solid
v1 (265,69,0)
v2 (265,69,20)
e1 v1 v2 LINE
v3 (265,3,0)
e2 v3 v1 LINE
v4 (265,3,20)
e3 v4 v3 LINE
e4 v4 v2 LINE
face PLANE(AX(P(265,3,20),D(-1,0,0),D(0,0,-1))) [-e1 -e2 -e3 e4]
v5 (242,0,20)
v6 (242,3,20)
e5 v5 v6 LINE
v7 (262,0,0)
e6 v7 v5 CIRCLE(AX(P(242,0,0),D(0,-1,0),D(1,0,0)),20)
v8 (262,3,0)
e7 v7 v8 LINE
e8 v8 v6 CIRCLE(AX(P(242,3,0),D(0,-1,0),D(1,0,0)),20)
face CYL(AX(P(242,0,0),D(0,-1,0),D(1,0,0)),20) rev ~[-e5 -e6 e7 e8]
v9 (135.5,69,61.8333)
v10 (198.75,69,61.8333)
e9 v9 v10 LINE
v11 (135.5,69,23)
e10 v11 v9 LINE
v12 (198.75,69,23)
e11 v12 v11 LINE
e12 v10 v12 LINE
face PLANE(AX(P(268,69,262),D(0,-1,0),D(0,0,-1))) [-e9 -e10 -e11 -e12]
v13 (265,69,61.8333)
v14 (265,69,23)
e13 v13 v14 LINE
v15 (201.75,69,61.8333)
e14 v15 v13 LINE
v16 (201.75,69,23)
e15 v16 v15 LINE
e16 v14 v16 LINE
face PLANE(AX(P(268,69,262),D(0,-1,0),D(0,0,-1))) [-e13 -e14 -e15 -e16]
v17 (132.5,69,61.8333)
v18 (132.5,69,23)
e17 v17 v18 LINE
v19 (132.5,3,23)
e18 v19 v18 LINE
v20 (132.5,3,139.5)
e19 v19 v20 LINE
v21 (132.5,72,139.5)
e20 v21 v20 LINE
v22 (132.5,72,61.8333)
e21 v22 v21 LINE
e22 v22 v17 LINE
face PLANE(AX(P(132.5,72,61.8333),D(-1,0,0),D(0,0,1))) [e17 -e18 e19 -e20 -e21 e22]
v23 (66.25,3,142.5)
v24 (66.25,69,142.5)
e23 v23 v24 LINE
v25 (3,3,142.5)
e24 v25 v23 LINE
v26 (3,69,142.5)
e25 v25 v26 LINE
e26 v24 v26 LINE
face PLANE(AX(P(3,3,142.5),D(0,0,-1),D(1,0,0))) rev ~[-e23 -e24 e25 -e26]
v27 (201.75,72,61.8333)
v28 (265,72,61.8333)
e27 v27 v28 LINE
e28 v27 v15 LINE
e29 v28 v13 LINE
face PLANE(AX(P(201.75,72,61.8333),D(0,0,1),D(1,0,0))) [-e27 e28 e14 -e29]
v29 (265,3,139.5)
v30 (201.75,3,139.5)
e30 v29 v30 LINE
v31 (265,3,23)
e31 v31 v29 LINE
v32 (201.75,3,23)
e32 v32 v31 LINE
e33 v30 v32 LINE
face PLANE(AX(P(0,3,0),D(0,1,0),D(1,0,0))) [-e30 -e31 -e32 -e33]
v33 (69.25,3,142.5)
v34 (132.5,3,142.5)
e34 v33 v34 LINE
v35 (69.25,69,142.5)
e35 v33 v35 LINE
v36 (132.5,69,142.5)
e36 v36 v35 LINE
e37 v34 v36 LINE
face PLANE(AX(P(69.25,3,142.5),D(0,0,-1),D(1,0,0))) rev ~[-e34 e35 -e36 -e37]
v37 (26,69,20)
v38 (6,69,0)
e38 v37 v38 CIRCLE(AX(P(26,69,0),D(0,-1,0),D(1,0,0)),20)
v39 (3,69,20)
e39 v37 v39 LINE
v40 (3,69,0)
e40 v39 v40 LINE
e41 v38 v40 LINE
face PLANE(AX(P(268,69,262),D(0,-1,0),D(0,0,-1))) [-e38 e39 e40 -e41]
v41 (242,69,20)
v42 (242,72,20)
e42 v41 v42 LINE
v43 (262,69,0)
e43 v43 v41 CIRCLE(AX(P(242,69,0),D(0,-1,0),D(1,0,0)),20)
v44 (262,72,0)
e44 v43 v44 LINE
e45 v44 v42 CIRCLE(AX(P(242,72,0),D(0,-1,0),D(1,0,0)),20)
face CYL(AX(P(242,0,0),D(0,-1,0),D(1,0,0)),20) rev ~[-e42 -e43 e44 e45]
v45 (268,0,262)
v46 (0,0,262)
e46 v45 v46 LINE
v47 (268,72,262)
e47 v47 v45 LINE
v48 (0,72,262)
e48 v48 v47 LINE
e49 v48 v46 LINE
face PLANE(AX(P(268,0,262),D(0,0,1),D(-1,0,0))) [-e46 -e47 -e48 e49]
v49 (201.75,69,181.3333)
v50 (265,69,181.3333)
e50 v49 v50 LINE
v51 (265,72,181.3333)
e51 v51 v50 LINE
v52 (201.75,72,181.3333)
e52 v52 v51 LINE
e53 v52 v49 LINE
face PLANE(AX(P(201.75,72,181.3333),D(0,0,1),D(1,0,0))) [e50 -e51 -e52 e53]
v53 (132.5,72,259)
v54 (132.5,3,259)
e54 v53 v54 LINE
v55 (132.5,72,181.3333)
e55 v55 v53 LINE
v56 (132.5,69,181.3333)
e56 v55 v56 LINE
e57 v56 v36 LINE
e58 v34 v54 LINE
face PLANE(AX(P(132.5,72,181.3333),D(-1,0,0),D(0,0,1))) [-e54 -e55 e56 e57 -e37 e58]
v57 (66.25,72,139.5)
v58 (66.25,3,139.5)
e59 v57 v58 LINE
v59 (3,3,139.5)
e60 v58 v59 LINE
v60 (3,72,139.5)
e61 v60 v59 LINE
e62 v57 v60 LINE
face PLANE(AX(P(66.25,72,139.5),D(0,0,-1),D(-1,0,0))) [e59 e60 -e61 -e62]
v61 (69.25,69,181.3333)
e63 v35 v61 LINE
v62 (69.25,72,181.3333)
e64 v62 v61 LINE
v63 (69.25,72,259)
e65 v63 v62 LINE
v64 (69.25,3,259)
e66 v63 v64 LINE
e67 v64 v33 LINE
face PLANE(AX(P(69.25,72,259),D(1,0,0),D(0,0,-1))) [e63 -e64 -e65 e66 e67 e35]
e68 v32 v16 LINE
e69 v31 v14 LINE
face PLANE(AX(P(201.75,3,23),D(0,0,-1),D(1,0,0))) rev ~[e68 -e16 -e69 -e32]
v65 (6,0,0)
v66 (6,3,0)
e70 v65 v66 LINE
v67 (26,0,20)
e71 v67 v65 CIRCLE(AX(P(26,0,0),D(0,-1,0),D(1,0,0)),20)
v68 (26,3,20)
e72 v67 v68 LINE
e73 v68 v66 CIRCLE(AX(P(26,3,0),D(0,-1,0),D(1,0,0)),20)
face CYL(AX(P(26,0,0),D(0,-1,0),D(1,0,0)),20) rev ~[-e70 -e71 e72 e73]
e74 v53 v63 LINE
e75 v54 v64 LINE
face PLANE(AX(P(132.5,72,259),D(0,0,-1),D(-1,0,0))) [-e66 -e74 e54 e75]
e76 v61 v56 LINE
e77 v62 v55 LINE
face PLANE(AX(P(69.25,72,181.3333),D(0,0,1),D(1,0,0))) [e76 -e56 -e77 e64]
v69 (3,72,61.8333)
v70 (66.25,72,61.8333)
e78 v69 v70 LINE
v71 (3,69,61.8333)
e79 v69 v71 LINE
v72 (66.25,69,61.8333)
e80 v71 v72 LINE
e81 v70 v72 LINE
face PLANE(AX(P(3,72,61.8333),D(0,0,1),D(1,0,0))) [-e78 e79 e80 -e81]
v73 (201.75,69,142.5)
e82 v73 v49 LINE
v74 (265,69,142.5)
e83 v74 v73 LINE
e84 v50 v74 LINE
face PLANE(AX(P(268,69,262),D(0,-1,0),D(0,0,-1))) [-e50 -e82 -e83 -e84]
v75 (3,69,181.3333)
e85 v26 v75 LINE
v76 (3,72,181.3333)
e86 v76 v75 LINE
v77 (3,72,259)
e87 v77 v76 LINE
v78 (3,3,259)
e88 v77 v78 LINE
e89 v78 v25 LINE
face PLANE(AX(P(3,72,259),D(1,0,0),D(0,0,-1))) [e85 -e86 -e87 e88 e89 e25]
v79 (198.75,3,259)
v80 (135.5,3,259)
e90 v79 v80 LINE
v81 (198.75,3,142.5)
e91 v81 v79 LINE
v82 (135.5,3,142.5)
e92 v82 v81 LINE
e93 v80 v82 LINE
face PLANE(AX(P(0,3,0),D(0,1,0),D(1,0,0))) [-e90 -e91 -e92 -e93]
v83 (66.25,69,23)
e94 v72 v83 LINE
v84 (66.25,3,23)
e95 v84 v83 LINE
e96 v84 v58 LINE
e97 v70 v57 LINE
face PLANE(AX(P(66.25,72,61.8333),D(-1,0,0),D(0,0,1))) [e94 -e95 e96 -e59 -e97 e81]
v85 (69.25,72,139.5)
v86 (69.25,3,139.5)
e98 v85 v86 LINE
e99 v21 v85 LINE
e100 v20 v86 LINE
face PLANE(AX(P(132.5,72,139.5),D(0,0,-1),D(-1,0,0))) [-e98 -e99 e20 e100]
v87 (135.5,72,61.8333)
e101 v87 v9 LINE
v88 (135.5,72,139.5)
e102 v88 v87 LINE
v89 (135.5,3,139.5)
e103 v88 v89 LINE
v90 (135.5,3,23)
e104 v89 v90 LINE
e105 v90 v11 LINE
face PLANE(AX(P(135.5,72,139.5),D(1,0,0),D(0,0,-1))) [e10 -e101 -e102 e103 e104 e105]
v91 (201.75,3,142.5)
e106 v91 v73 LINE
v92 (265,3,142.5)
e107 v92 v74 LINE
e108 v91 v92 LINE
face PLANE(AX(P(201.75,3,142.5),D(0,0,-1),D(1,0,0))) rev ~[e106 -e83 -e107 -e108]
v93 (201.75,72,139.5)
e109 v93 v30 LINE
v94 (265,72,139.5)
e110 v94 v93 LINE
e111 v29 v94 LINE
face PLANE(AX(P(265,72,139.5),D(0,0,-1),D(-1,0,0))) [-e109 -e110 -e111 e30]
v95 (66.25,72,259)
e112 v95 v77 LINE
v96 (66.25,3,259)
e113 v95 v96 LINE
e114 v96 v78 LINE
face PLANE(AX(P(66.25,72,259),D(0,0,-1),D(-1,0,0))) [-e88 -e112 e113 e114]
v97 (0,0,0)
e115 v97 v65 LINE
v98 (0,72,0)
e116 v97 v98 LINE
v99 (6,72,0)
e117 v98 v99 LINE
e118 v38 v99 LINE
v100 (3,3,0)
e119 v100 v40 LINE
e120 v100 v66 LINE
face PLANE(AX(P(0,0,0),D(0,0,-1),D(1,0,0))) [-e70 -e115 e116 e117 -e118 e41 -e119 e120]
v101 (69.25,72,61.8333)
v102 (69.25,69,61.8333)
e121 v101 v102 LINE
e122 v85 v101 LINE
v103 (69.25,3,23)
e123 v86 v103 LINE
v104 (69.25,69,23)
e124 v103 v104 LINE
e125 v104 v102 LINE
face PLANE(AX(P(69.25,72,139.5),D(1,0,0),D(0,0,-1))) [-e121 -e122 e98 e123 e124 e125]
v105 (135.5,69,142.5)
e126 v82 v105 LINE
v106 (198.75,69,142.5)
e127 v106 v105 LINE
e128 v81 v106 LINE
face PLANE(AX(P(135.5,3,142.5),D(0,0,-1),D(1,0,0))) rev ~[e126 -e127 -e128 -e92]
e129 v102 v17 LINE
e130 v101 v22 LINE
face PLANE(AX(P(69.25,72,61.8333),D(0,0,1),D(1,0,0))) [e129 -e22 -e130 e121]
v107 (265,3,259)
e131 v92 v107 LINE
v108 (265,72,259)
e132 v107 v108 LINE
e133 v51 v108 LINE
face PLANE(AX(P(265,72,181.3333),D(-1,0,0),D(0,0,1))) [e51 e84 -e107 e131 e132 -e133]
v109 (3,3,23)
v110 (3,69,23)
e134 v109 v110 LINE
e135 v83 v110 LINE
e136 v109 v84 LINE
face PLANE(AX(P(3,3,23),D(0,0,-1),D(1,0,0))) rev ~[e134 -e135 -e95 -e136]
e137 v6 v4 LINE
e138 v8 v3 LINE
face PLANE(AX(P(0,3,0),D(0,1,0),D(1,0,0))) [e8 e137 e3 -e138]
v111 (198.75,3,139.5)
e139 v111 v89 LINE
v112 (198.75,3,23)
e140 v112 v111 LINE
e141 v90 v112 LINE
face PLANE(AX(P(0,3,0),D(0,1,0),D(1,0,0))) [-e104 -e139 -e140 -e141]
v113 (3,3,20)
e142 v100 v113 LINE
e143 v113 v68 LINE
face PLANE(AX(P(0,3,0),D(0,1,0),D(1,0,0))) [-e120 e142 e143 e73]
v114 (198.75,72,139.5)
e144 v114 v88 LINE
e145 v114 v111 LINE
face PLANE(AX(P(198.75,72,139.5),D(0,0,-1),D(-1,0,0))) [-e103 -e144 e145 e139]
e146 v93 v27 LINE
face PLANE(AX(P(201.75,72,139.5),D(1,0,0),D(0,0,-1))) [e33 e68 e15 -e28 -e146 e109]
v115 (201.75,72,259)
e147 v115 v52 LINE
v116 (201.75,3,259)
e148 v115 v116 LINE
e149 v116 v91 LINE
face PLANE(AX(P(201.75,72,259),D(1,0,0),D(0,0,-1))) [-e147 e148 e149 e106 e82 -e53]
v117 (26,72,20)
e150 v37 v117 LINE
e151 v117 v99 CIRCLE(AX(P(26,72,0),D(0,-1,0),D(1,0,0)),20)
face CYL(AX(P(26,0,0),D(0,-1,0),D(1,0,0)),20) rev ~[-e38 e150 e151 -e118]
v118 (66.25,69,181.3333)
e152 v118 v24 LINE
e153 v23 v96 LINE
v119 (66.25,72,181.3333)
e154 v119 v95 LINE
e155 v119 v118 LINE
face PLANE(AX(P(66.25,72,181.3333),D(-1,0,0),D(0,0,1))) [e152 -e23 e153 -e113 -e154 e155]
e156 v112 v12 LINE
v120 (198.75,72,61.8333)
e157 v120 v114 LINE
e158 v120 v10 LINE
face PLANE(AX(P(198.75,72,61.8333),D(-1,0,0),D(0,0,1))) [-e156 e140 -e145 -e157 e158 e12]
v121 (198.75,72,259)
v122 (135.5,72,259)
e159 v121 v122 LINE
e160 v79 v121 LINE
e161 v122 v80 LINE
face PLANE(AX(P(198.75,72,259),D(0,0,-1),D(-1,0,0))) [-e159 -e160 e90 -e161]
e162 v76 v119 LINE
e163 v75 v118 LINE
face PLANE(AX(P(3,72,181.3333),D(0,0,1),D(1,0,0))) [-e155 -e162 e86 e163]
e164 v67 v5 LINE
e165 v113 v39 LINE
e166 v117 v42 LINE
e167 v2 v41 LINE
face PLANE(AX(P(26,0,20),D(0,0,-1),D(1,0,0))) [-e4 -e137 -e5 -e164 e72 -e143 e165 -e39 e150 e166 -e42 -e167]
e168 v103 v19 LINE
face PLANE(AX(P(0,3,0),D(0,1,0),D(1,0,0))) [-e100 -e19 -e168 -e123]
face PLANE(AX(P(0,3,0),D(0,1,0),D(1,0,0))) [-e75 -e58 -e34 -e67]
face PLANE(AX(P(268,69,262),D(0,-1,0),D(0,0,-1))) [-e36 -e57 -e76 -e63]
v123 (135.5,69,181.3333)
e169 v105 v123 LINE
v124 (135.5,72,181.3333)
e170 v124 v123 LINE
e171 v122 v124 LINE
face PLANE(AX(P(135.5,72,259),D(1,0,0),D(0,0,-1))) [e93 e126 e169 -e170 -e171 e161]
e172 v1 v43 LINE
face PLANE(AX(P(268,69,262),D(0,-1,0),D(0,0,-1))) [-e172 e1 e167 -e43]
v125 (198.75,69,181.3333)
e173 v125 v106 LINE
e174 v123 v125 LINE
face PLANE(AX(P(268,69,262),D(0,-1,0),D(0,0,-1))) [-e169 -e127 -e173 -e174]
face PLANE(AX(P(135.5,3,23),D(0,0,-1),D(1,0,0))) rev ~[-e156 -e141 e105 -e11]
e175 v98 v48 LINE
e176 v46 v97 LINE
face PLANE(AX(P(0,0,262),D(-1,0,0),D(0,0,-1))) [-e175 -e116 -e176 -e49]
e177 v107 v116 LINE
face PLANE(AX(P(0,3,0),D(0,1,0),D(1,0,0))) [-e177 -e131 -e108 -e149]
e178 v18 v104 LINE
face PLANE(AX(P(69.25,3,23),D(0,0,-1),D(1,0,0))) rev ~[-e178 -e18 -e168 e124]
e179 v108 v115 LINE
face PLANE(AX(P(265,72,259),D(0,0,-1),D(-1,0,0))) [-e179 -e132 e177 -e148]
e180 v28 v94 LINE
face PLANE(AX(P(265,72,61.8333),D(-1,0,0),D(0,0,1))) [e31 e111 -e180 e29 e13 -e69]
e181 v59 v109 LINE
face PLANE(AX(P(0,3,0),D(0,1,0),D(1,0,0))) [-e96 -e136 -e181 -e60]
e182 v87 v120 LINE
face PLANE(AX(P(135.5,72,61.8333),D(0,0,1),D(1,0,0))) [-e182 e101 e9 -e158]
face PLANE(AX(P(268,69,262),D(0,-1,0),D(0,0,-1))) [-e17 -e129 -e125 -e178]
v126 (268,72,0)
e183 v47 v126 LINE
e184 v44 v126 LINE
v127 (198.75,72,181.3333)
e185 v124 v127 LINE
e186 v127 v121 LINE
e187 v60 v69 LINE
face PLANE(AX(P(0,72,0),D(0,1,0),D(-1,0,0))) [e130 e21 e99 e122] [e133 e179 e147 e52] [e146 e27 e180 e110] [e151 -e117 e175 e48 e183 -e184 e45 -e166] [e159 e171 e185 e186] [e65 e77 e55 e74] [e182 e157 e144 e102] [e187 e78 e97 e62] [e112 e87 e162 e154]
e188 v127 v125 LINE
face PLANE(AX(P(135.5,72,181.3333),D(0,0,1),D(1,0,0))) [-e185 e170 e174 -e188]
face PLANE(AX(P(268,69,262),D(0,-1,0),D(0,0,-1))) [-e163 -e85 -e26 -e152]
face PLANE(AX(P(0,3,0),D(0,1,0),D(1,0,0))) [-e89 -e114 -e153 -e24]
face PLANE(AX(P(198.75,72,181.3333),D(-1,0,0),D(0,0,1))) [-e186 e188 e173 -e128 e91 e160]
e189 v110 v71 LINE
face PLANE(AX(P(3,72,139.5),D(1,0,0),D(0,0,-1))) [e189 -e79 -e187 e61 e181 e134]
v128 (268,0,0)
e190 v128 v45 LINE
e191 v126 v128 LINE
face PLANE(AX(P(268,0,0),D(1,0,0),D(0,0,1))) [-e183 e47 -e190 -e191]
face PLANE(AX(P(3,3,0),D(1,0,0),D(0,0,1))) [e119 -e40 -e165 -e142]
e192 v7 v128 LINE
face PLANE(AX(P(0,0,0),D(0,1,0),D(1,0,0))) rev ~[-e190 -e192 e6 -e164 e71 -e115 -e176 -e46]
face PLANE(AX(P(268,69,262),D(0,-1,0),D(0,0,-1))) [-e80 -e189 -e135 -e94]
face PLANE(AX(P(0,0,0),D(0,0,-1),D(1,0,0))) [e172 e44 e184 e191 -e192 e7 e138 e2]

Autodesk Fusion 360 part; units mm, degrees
sketch "Sorted Smarties Collector" plane through (0, 0, 0) normal (0, 1, 0) x (1, 0, 0)
  line L0 (0, 0) -> (268, 0)
  line L1 (268, 0) -> (268, -262)
  line L2 (268, -262) -> (0, -262)
  line L3 (0, -262) -> (0, 0)
  dimension "d1" = 268
  dimension "d41" = 262
extrude "Extrude1" add sketch "Sorted Smarties Collector" along normal blind 3
sketch "Smartie Collectors" plane through (0, 3, 0) normal (0, 1, 0) x (-1, 0, 0)
  line L0 (0, 262) -> (-268, 262)
  line L1 (-268, 262) -> (-268, 0)
  line L2 (-268, 0) -> (0, 0)
  line L3 (0, 0) -> (0, 262)
  line L4 (-265, 259) -> (-201.75, 259)
  line L5 (-201.75, 259) -> (-201.75, 142.5)
  line L6 (-201.75, 142.5) -> (-265, 142.5)
  line L7 (-265, 142.5) -> (-265, 259)
  line L8 (-198.75, 259) -> (-135.5, 259)
  line L9 (-135.5, 259) -> (-135.5, 142.5)
  line L10 (-135.5, 142.5) -> (-198.75, 142.5)
  line L11 (-198.75, 142.5) -> (-198.75, 259)
  line L12 (-132.5, 259) -> (-69.25, 259)
  line L13 (-69.25, 259) -> (-69.25, 142.5)
  line L14 (-69.25, 142.5) -> (-132.5, 142.5)
  line L15 (-132.5, 142.5) -> (-132.5, 259)
  line L16 (-66.25, 259) -> (-3, 259)
  line L17 (-3, 259) -> (-3, 142.5)
  line L18 (-3, 142.5) -> (-66.25, 142.5)
  line L19 (-66.25, 142.5) -> (-66.25, 259)
  line L20 (-265, 139.5) -> (-201.75, 139.5)
  line L21 (-201.75, 139.5) -> (-201.75, 23)
  line L22 (-201.75, 23) -> (-265, 23)
  line L23 (-265, 23) -> (-265, 139.5)
  line L24 (-198.75, 139.5) -> (-135.5, 139.5)
  line L25 (-135.5, 139.5) -> (-135.5, 23)
  line L26 (-135.5, 23) -> (-198.75, 23)
  line L27 (-198.75, 23) -> (-198.75, 139.5)
  line L28 (-132.5, 139.5) -> (-69.25, 139.5)
  line L29 (-69.25, 139.5) -> (-69.25, 23)
  line L30 (-69.25, 23) -> (-132.5, 23)
  line L31 (-132.5, 23) -> (-132.5, 139.5)
  line L32 (-66.25, 139.5) -> (-3, 139.5)
  line L33 (-3, 139.5) -> (-3, 23)
  line L34 (-3, 23) -> (-66.25, 23)
  line L35 (-66.25, 23) -> (-66.25, 139.5)
  line L36 (-265, 0) -> (-3, 0)
  line L37 (-3, 0) -> (-3, 20)
  line L38 (-3, 20) -> (-265, 20)
  line L39 (-265, 20) -> (-265, 0)
  dimension "d51" = 3
  dimension "d52" = 3
  dimension "d53" = 3
  dimension "d54" = 20
  dimension "d55" = 3
  dimension "d56" = 3
  dimension "d57" = 3
  dimension "d58" = 3
  dimension "d59" = 3
  dimension "d60" = 116.5
  dimension "d61" = 116.5
  dimension "d62" = 63.25
  dimension "d63" = 63.25
  dimension "d64" = 63.25
  dimension "d65" = 63.25
extrude "Extrude2" add sketch "Smartie Collectors" along normal blind 69 contours L0 L1 L2 L3 L37 L38 L39
sketch "Front Panel" plane through (268, 0, 0) normal (1, 0, 0) x (0, 1, 0)
  line L0 (0, 262) -> (0, 0)
  line L1 (0, 0) -> (72, 0)
  line L2 (72, 0) -> (72, 262)
  line L3 (72, 262) -> (0, 262)
  line L4 (72, 262) -> (69, 262)
  line L5 (69, 262) -> (69, 0)
  line L6 (69, 0) -> (72, 0)
  line L7 (72, 0) -> (72, 262)
  dimension "d66" = 3
extrude "Extrude3" add sketch "Front Panel" against normal blind 268 contours L1 L2 L3 L4 L5 L6 L7
sketch "Front Openings" plane through (0, 72, 0) normal (0, 1, 0) x (-1, 0, 0)
  line L0 (-268, 0) -> (0, 0)
  line L1 (0, 0) -> (0, 262)
  line L2 (0, 262) -> (-268, 262)
  line L3 (-268, 262) -> (-268, 0)
  line L4 (0, 262) -> (-268, 262)
  line L5 (-198.75, 259) -> (-135.5, 259)
  line L6 (-265, 259) -> (-201.75, 259)
  line L7 (-201.75, 142.5) -> (-265, 142.5)
  line L8 (-265, 139.5) -> (-201.75, 139.5)
  line L9 (-201.75, 23) -> (-265, 23)
  line L10 (-135.5, 23) -> (-198.75, 23)
  line L11 (-69.25, 23) -> (-132.5, 23)
  line L12 (-3, 23) -> (-66.25, 23)
  line L13 (-132.5, 139.5) -> (-69.25, 139.5)
  line L14 (-198.75, 139.5) -> (-135.5, 139.5)
  line L15 (-135.5, 142.5) -> (-198.75, 142.5)
  line L16 (-69.25, 142.5) -> (-132.5, 142.5)
  line L17 (-3, 142.5) -> (-66.25, 142.5)
  line L18 (-66.25, 139.5) -> (-3, 139.5)
  line L19 (-132.5, 259) -> (-69.25, 259)
  line L20 (-66.25, 259) -> (-3, 259)
  line L21 (-3, 20) -> (-265, 20)
  line L22 (-3, 0) -> (-3, 20)
  line L23 (-265, 20) -> (-265, 0)
  line L24 (-265, 23) -> (-265, 139.5)
  line L25 (-201.75, 139.5) -> (-201.75, 23)
  line L26 (-198.75, 23) -> (-198.75, 139.5)
  line L27 (-135.5, 139.5) -> (-135.5, 23)
  line L28 (-132.5, 23) -> (-132.5, 139.5)
  line L29 (-69.25, 139.5) -> (-69.25, 23)
  line L30 (-66.25, 23) -> (-66.25, 139.5)
  line L31 (-3, 139.5) -> (-3, 23)
  line L32 (-265, 142.5) -> (-265, 259)
  line L33 (-201.75, 259) -> (-201.75, 142.5)
  line L34 (-198.75, 142.5) -> (-198.75, 259)
  line L35 (-135.5, 259) -> (-135.5, 142.5)
  line L36 (-132.5, 142.5) -> (-132.5, 259)
  line L37 (-69.25, 259) -> (-69.25, 142.5)
  line L38 (-66.25, 142.5) -> (-66.25, 259)
  line L39 (-3, 259) -> (-3, 142.5)
  line L40 (-265, 259) -> (-201.75, 259)
  line L41 (-201.75, 259) -> (-201.75, 181.3333)
  line L42 (-201.75, 181.3333) -> (-265, 181.3333)
  line L43 (-265, 181.3333) -> (-265, 259)
  line L44 (-198.75, 259) -> (-135.5, 259)
  line L45 (-135.5, 259) -> (-135.5, 181.3333)
  line L46 (-135.5, 181.3333) -> (-198.75, 181.3333)
  line L47 (-198.75, 181.3333) -> (-198.75, 259)
  line L48 (-132.5, 259) -> (-69.25, 259)
  line L49 (-69.25, 259) -> (-69.25, 181.3333)
  line L50 (-69.25, 181.3333) -> (-132.5, 181.3333)
  line L51 (-132.5, 181.3333) -> (-132.5, 259)
  line L52 (-66.25, 259) -> (-3, 259)
  line L53 (-3, 259) -> (-3, 181.3333)
  line L54 (-3, 181.3333) -> (-66.25, 181.3333)
  line L55 (-66.25, 181.3333) -> (-66.25, 259)
  line L56 (-265, 139.5) -> (-201.75, 139.5)
  line L57 (-201.75, 139.5) -> (-201.75, 61.8333)
  line L58 (-201.75, 61.8333) -> (-265, 61.8333)
  line L59 (-265, 61.8333) -> (-265, 139.5)
  line L60 (-198.75, 139.5) -> (-135.5, 139.5)
  line L61 (-135.5, 139.5) -> (-135.5, 61.8333)
  line L62 (-135.5, 61.8333) -> (-198.75, 61.8333)
  line L63 (-198.75, 61.8333) -> (-198.75, 139.5)
  line L64 (-132.5, 139.5) -> (-69.25, 139.5)
  line L65 (-69.25, 139.5) -> (-69.25, 61.8333)
  line L66 (-69.25, 61.8333) -> (-132.5, 61.8333)
  line L67 (-132.5, 61.8333) -> (-132.5, 139.5)
  line L68 (-66.25, 139.5) -> (-3, 139.5)
  line L69 (-3, 139.5) -> (-3, 61.8333)
  line L70 (-3, 61.8333) -> (-66.25, 61.8333)
  line L71 (-66.25, 61.8333) -> (-66.25, 139.5)
  line L72 (-3, 20) -> (-3, 0)
  line L73 (-3, 0) -> (-265, 0)
  line L74 (-265, 0) -> (-265, 20)
  dimension "d72" = 77.6667
  dimension "d73" = 77.6667
extrude "Extrude4" cut sketch "Front Openings" against normal blind 3 contours L5 L34 L35 L44 L45 L46 L47 | L6 L32 L33 L40 L41 L42 L43 | L8 L24 L25 L56 L57 L58 L59 | L14 L26 L27 L60 L61 L62 L63 | L13 L28 L29 L64 L65 L66 L67 | L18 L30 L31 L68 L69 L70 L71 | L19 L36 L37 L48 L49 L50 L51 | L20 L38 L39 L52 L53 L54 L55
sketch "Slide Handle" plane through (0, 0, 0) normal (0, -1, 0) x (1, 0, 0)
  line L0 (0, 262) -> (0, 0)
  line L1 (0, 0) -> (268, 0)
  line L2 (268, 0) -> (268, 262)
  line L3 (3, 20) -> (265, 20)
  line L4 (3, 0) -> (3, 20)
  line L5 (265, 20) -> (265, 0)
  line L6 (265, 0) -> (3, 0)
  line L7 (268, 262) -> (268, 0)
  line L8 (0, 0) -> (0, 262)
  line L9 (0, 262) -> (268, 262)
  line L10 (268, 0) -> (0, 0)
  line L11 (26, 0) -> (242, 0)
  line L12 (242, 0) -> (242, 20)
  line L13 (242, 20) -> (26, 20)
  line L14 (26, 20) -> (26, 0)
  circle A0 centre (26, 0) radius 20
  circle A1 centre (242, 0) radius 20
  point P0 (268, 0)
  dimension "d77" = 20
  dimension "d78" = 40
  dimension "d79" = 40
  dimension "d80" = 26
  dimension "d81" = 26
extrude "Extrude5" cut sketch "Slide Handle" against normal blind 72 contours L1 L6 L10 L14 A0 | L1 L6 L10 L11 L14 A0 | L1 L3 L6 L10 L11 L13 A0 A1 | L1 L6 L10 L12 A1 | L1 L6 L10 L11 L12 A1
equation "d1 = width"
equation "polycarbonateThickness = 3 mm" comment "Thickness of the polycarbonate panels"
equation "d3 = polycarbonateThickness"
equation "collectorWidth = ( width - 5 * polycarbonateThickness ) / 4" comment "Width of a Smartie collector"
equation "d37 = collectorLength - polycarbonateThickness"
equation "collectorHeight = ( height - 3 * polycarbonateThickness - bottomHeight ) / 2" comment "Height of a Smartie Collector"
equation "height = 264 mm - tolerance" comment "Height of the Sorted Smarties Collector"
equation "d41 = height"
equation "bottomHeight = 20 mm" comment "Heigh of the botom part of the Sorted Smarties Collector"
equation "d51 = polycarbonateThickness"
equation "d52 = polycarbonateThickness"
equation "d53 = polycarbonateThickness"
equation "d54 = bottomHeight"
equation "d55 = polycarbonateThickness"
equation "d56 = polycarbonateThickness"
equation "d57 = polycarbonateThickness"
equation "d58 = polycarbonateThickness"
equation "d59 = polycarbonateThickness"
equation "d60 = collectorHeight"
equation "d62 = collectorWidth"
equation "d63 = collectorWidth"
equation "d64 = collectorWidth"
equation "d66 = polycarbonateThickness"
equation "d67 = -width"
equation "d69 = -polycarbonateThickness"
equation "openingHeight = collectorHeight * 2 / 3" comment "Height of the open part at the front of the Smartie collectors"
equation "d72 = openingHeight"
equation "d73 = openingHeight"
equation "d74 = -collectorLength"
equation "collectorLength = 72 mm" comment "Depth of the Sorted Smarties Collector Component"
equation "d80 = 2 * polycarbonateThickness + 20 mm"
equation "d81 = 2 * polycarbonateThickness + 20 mm"
equation "tolerance = 2 mm" comment "Tolerance to allow for easy motion"
equation "width = 270 mm - tolerance" comment "Width of the Sorted Smarties Component"
